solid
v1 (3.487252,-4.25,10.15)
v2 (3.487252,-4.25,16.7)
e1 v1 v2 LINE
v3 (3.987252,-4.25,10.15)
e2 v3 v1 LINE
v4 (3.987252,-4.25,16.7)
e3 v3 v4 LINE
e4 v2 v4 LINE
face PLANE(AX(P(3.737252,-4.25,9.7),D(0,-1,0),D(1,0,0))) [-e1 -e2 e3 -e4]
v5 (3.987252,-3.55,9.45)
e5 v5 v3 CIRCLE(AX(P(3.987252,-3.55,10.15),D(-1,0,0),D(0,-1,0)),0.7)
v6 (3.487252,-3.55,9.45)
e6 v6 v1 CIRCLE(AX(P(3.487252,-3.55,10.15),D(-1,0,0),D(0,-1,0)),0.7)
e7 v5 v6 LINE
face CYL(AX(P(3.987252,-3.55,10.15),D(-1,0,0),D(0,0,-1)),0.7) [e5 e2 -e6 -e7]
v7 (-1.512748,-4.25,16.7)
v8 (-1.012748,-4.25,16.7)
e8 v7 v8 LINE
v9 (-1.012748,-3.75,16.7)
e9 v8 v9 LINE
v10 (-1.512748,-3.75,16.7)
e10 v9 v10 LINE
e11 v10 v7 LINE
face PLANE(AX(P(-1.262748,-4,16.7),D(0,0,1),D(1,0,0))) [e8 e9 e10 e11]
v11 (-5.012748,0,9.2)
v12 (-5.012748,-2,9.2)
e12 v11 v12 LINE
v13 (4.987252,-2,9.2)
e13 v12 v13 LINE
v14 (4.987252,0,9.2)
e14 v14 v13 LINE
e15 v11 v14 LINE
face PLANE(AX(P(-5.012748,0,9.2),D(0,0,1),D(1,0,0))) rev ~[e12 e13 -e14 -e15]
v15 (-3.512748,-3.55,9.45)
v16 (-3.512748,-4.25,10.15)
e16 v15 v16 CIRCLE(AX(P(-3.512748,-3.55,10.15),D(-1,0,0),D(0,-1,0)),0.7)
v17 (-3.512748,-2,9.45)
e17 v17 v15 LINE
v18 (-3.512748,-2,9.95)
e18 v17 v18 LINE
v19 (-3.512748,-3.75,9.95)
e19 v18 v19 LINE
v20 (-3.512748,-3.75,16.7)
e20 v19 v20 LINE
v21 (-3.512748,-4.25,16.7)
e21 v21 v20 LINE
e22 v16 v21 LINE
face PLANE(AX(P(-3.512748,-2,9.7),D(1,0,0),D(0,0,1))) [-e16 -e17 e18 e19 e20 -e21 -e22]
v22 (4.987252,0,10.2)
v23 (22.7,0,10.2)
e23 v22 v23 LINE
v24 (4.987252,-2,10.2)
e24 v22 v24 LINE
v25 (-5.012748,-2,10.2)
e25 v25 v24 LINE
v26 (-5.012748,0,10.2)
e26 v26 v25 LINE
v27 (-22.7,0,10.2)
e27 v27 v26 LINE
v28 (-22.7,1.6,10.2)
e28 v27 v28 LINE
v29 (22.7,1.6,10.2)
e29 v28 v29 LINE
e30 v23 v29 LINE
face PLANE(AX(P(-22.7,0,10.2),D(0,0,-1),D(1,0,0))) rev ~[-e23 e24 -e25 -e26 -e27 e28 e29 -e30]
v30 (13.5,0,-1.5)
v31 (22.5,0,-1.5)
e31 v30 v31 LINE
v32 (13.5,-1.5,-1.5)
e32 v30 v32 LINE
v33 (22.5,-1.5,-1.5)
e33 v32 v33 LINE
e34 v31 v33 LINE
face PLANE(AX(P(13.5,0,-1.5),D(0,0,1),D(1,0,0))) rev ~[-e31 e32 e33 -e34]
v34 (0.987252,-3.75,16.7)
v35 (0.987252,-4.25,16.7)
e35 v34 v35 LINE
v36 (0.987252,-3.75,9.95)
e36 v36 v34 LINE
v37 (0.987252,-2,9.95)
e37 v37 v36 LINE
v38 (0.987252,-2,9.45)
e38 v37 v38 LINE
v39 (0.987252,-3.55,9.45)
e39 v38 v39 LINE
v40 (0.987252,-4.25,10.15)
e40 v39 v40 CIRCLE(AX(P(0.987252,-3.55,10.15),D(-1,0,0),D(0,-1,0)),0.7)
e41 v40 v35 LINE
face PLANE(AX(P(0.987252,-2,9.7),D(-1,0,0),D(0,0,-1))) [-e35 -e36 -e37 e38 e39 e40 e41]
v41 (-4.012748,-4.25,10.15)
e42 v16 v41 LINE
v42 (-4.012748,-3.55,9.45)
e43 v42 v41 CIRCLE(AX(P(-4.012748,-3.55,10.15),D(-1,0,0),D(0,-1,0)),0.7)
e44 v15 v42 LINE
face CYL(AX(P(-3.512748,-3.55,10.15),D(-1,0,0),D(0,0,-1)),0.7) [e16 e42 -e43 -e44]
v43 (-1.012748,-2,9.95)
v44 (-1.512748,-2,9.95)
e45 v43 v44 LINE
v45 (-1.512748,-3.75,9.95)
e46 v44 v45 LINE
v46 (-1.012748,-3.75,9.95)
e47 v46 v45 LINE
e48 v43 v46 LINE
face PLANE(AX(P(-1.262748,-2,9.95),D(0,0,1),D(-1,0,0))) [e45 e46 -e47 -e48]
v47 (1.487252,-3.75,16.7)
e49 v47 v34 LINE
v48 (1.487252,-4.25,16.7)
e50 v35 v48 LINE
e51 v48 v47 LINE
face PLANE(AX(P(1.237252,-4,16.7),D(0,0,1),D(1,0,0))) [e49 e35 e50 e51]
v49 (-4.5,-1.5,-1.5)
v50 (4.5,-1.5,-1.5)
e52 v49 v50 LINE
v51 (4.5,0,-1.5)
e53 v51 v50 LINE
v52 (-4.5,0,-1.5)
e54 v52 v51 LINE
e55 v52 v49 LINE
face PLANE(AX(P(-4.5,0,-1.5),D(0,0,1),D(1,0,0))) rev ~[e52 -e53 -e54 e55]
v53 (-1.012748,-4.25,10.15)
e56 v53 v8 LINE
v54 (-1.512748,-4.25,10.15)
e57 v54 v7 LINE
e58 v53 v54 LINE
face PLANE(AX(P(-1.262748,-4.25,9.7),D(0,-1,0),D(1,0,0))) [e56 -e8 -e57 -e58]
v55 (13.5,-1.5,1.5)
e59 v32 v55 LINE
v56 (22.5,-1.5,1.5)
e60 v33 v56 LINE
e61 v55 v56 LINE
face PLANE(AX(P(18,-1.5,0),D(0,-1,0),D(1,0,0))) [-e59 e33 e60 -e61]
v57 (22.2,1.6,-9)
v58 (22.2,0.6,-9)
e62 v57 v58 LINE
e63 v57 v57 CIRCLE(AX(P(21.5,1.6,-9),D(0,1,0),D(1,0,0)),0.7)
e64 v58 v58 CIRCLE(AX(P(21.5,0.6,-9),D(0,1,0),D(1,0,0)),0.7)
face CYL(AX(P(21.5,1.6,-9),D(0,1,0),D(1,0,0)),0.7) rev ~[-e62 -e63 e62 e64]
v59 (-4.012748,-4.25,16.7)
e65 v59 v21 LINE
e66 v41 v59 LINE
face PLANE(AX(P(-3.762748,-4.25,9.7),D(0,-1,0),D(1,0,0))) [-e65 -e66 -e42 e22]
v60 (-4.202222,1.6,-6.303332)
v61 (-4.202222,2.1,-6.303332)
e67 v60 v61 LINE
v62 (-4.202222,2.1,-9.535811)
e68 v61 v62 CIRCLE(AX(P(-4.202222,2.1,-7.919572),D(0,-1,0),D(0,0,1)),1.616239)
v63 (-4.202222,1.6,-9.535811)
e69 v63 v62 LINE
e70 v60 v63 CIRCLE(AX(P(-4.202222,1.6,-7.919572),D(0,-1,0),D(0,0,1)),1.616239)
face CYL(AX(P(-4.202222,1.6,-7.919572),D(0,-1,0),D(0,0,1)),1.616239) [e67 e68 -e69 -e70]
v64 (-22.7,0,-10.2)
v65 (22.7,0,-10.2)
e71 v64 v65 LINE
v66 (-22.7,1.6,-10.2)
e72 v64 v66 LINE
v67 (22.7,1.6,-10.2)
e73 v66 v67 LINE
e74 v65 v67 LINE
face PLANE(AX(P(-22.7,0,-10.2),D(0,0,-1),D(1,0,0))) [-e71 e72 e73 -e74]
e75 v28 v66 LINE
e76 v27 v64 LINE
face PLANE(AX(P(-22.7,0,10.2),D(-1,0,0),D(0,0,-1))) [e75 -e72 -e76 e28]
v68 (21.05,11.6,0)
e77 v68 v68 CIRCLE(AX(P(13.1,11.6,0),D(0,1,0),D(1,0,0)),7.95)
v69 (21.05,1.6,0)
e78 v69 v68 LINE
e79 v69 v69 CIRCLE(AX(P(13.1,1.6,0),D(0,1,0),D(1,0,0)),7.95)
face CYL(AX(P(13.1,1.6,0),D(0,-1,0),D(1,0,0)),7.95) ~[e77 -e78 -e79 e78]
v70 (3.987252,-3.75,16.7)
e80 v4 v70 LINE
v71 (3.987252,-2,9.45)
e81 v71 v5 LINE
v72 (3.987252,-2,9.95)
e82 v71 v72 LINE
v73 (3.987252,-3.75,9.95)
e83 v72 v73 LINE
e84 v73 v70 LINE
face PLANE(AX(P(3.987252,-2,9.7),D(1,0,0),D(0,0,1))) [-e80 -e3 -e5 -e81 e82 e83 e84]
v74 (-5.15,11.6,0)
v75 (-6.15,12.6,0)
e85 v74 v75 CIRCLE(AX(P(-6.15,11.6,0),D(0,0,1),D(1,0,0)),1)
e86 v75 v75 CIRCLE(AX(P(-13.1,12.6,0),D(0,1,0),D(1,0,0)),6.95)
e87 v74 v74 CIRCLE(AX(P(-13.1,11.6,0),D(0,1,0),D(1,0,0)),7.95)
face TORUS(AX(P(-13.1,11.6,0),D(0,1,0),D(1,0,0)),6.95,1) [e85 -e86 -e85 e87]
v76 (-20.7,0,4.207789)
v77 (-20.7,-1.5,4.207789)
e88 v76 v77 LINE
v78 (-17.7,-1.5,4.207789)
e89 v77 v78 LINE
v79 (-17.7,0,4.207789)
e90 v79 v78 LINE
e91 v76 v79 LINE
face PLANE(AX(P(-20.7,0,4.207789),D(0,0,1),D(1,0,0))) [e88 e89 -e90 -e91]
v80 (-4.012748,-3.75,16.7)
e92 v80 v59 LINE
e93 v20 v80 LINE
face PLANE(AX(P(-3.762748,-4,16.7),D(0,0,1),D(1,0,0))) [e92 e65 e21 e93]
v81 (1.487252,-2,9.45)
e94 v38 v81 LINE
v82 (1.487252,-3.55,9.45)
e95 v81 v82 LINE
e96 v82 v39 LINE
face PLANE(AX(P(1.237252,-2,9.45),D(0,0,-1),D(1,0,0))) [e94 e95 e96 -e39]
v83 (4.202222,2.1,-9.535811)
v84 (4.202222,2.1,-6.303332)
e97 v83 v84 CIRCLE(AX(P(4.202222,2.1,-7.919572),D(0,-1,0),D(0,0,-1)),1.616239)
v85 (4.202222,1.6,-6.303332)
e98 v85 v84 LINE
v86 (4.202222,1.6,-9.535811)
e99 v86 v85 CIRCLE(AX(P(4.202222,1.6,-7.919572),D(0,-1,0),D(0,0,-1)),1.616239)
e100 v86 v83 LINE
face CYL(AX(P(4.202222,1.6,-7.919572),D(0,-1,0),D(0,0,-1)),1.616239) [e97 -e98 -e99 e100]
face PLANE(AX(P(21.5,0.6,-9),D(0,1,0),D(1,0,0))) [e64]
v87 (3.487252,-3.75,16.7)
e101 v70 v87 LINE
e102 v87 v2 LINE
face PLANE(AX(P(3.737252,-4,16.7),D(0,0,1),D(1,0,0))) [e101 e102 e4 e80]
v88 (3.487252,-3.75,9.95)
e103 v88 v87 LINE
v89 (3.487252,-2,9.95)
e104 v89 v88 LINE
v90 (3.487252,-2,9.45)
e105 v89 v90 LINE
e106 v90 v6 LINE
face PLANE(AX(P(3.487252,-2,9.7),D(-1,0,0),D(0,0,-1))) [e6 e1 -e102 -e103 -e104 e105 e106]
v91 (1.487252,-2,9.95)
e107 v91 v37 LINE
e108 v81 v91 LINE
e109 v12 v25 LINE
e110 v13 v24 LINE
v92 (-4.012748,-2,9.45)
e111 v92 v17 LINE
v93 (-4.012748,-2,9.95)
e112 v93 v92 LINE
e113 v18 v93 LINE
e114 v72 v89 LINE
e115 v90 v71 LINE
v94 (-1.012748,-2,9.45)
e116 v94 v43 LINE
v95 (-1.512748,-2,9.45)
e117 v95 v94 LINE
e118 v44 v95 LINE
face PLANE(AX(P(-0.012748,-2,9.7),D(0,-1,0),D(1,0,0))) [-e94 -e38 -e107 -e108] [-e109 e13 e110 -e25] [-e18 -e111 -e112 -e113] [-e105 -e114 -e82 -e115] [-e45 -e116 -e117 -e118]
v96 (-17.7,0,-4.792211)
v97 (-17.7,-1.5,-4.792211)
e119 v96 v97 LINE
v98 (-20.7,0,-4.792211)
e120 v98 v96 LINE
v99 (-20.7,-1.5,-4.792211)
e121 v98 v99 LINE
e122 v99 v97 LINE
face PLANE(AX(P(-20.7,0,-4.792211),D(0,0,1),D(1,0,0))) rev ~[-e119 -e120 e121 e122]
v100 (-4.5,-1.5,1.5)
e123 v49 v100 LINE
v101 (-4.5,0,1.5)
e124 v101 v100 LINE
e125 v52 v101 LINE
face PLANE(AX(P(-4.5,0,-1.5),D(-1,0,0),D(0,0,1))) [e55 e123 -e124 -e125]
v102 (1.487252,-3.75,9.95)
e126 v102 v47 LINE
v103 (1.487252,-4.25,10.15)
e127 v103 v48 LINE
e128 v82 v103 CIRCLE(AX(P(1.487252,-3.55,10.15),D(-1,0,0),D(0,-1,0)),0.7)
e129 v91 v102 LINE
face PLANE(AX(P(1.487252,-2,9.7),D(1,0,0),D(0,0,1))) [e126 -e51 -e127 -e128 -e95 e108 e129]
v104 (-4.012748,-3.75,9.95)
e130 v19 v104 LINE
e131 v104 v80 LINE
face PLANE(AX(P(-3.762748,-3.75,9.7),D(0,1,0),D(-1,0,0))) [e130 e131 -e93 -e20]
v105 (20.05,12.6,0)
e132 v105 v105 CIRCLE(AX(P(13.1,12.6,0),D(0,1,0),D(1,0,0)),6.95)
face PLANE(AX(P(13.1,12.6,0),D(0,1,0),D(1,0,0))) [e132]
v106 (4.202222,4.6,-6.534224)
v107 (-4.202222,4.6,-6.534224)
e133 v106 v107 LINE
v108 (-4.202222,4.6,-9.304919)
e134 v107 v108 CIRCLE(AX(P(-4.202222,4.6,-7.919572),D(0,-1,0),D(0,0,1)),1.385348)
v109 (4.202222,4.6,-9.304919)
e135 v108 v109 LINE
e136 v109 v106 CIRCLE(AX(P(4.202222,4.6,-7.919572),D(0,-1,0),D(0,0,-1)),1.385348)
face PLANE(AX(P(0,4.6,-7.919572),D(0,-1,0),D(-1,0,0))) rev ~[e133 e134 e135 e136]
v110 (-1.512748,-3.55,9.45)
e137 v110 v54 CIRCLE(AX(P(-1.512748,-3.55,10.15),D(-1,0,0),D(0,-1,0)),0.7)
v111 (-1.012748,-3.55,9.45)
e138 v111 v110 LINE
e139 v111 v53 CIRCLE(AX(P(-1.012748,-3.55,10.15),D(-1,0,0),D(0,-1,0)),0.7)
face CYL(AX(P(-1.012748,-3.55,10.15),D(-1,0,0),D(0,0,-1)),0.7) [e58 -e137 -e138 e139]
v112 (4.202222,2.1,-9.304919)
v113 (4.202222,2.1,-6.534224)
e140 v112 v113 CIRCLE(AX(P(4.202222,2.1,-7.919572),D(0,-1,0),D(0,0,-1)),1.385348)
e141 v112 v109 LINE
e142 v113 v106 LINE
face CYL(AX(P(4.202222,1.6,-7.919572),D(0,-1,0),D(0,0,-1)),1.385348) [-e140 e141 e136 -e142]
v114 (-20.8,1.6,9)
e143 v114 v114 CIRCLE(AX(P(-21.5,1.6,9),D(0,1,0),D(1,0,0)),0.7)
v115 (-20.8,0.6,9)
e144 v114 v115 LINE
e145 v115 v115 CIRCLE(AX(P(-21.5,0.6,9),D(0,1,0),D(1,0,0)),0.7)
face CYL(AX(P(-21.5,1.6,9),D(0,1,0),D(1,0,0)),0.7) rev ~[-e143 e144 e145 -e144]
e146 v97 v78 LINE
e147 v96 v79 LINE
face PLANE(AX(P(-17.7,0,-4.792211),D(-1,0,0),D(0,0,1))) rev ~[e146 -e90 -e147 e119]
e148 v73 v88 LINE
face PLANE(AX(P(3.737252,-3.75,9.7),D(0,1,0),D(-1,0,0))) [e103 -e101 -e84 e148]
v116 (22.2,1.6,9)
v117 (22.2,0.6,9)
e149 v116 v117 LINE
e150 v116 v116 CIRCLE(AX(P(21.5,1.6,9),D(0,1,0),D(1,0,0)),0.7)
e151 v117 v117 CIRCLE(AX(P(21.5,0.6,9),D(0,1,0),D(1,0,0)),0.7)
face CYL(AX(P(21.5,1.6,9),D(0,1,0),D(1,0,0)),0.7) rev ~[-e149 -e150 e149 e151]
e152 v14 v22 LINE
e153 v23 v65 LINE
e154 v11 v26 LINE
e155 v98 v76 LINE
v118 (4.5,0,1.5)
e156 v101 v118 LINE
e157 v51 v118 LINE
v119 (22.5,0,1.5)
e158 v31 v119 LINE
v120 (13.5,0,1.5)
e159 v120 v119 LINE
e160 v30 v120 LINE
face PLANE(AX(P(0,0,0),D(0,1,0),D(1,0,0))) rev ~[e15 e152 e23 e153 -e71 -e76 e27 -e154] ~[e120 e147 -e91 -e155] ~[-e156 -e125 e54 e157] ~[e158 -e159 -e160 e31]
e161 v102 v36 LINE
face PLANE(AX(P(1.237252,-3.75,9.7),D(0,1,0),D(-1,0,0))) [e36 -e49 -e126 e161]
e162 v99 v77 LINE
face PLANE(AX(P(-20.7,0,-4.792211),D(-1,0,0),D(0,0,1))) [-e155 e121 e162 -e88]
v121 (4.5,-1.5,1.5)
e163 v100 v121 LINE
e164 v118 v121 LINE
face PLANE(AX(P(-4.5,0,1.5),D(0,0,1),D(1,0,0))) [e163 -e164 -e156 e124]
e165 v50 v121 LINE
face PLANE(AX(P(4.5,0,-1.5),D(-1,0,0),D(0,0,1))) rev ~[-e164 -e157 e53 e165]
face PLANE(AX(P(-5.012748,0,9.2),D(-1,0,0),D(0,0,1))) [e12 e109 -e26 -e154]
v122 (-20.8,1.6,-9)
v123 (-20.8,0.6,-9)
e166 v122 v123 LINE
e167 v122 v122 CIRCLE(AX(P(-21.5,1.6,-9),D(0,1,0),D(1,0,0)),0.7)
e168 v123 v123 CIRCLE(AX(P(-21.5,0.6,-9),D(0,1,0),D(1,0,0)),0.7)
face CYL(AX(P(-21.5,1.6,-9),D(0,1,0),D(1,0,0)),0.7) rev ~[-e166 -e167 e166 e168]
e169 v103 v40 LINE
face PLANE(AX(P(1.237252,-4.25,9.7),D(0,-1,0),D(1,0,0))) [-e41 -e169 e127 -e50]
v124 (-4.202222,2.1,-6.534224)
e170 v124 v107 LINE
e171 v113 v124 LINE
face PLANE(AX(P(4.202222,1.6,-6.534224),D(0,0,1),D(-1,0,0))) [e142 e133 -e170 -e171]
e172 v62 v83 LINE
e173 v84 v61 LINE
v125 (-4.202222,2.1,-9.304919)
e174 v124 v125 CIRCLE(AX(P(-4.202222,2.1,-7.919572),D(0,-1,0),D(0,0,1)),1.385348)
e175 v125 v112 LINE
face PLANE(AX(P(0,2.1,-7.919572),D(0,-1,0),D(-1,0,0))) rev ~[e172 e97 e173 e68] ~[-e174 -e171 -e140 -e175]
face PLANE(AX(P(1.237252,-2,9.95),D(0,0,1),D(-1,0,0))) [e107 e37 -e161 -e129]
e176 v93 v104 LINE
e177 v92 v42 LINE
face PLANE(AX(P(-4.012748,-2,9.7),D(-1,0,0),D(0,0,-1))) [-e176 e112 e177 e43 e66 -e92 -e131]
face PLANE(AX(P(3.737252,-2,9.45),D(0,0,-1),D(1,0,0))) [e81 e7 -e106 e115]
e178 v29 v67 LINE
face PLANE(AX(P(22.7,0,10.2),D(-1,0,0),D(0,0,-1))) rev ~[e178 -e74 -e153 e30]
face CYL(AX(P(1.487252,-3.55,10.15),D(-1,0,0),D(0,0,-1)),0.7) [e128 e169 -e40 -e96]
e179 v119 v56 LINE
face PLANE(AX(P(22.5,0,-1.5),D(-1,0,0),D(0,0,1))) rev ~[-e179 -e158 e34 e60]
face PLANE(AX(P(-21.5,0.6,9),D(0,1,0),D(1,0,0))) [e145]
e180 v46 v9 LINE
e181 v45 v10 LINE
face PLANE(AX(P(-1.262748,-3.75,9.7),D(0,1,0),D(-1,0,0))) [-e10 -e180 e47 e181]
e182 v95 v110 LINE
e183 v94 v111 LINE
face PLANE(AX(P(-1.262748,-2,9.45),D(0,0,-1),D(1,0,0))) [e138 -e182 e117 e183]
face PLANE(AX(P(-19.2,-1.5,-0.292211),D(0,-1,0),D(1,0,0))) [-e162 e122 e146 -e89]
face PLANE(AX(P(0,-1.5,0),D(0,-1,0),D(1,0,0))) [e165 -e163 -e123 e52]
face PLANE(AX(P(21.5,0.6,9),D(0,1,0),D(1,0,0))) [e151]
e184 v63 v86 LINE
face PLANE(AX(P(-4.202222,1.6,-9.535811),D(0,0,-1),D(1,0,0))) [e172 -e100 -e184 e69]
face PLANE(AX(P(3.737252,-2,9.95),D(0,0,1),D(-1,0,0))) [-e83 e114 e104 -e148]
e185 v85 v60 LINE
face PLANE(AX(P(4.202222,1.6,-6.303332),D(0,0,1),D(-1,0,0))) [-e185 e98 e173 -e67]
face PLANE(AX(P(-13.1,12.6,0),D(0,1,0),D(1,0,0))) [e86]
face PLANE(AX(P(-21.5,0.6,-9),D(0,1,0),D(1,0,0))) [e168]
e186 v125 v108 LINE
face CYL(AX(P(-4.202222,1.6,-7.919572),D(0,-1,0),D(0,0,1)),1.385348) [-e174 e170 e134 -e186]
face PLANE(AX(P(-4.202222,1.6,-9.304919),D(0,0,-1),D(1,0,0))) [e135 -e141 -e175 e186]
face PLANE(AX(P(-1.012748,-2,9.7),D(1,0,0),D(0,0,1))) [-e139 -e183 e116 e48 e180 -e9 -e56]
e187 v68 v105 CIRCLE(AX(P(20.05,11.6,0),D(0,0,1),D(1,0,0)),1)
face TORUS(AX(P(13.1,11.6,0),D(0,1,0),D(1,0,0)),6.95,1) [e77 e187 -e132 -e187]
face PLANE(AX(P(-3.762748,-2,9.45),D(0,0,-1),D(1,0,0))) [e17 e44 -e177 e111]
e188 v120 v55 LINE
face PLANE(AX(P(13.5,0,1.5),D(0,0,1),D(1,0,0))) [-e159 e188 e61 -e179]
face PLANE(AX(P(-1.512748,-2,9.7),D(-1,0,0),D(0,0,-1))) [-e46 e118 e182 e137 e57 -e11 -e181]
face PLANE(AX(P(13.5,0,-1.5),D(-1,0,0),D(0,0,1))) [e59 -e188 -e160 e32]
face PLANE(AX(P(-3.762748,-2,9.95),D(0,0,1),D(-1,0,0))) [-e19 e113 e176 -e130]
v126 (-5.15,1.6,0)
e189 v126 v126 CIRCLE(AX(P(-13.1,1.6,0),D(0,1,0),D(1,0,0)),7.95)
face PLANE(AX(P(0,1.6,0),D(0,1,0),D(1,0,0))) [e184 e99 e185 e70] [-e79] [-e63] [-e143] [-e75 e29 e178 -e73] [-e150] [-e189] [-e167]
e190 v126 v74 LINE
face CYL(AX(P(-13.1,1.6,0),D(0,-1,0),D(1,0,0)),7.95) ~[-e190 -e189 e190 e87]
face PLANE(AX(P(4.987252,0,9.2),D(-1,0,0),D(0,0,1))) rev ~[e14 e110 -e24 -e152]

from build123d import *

# Parameters (mm, degrees)
CROQUIS1_W              = 45.4
CROQUIS1_H              = 20.4
SALIENTE_EXTRUIR1_DEPTH = 1.6
CROQUIS2_R              = 0.7
CORTAR_EXTRUIR1_DEPTH   = 1
SALIENTE_EXTRUIR2_DEPTH = 0.5
SALIENTE_EXTRUIR3_DEPTH = 3
CROQUIS9_R              = 7.95
SALIENTE_EXTRUIR4_DEPTH = 11
CROQUIS10_W             = 10
CROQUIS10_H             = 1
SALIENTE_EXTRUIR5_DEPTH = 2
CROQUIS12_W             = 0.5
CROQUIS12_H             = 0.5
REDONDEO4_R             = 0.7
MATRIZL1_COUNT          = 4
MATRIZL1_PITCH          = 2.5
REDONDEO5_R             = 1
CROQUIS13_W             = 9
CROQUIS13_H             = 3
SALIENTE_EXTRUIR6_DEPTH = 1.5
MATRIZL2_COUNT          = 2
MATRIZL2_PITCH          = 18
CROQUIS14_W             = 3
CROQUIS14_H             = 9
SALIENTE_EXTRUIR7_DEPTH = 1.5
REDONDEO6_R             = 0.7


with BuildPart() as part:
    # Croquis1 → Saliente-Extruir1 (new body)
    with BuildSketch(Plane(origin=(0, 0, 0), x_dir=(1, 0, 0), z_dir=(0, 1, 0))):
        Rectangle(CROQUIS1_W, CROQUIS1_H)
    extrude(amount=SALIENTE_EXTRUIR1_DEPTH)

    # Croquis2 → Cortar-Extruir1 (cut)
    with BuildSketch(Plane(origin=(0, 1.6, 0), x_dir=(1, 0, 0), z_dir=(0, 1, 0))):
        with Locations((-21.5, 9)):
            Circle(CROQUIS2_R)
        with Locations((21.5, 9)):
            Circle(CROQUIS2_R)
        with Locations((21.5, -9)):
            Circle(CROQUIS2_R)
        with Locations((-21.5, -9)):
            Circle(CROQUIS2_R)
    extrude(amount=-CORTAR_EXTRUIR1_DEPTH, mode=Mode.SUBTRACT)

    # Croquis3 → Saliente-Extruir2 (add)
    with BuildSketch(Plane(origin=(0, 1.6, 0), x_dir=(1, 0, 0), z_dir=(0, 1, 0))):
        with BuildLine():
            Line((-4.202221616, 9.535810589), (4.202221616, 9.535810589))
            ThreePointArc((4.202221616, 9.535810589), (5.818460699, 7.919571506), (4.202221616, 6.303332424))
            Line((4.202221616, 6.303332424), (-4.202221616, 6.303332424))
            ThreePointArc((-4.202221616, 6.303332424), (-5.818460699, 7.919571506), (-4.202221616, 9.535810589))
        make_face()
        with BuildLine():
            Line((-4.202221616, 9.304919292), (4.202221616, 9.304919292))
            ThreePointArc((4.202221616, 9.304919292), (5.587569401, 7.919571506), (4.202221616, 6.534223721))
            Line((4.202221616, 6.534223721), (-4.202221616, 6.534223721))
            ThreePointArc((-4.202221616, 6.534223721), (-5.587569401, 7.919571506), (-4.202221616, 9.304919292))
        make_face(mode=Mode.SUBTRACT)
    extrude(amount=SALIENTE_EXTRUIR2_DEPTH)

    # Croquis8 → Saliente-Extruir3 (add)
    with BuildSketch(Plane(origin=(0, 1.6, 0), x_dir=(1, 0, 0), z_dir=(0, 1, 0))):
        with BuildLine():
            Line((-4.202221616, 9.304919292), (4.202221616, 9.304919292))
            ThreePointArc((4.202221616, 9.304919292), (5.587569401, 7.919571506), (4.202221616, 6.534223721))
            Line((4.202221616, 6.534223721), (-4.202221616, 6.534223721))
            ThreePointArc((-4.202221616, 6.534223721), (-5.587569401, 7.919571506), (-4.202221616, 9.304919292))
        make_face()
    extrude(amount=SALIENTE_EXTRUIR3_DEPTH)

    # Croquis9 → Saliente-Extruir4 (add)
    with BuildSketch(Plane(origin=(0, 1.6, 0), x_dir=(1, 0, 0), z_dir=(0, 1, 0))):
        with Locations((-13.1, 0)):
            Circle(CROQUIS9_R)
        with Locations((13.1, 0)):
            Circle(CROQUIS9_R)
    extrude(amount=SALIENTE_EXTRUIR4_DEPTH)

    # Croquis10 → Saliente-Extruir5 (add)
    with BuildSketch(Plane.XZ):
        with Locations((-0.012747973, 9.7)):
            Rectangle(CROQUIS10_W, CROQUIS10_H)
    extrude(amount=SALIENTE_EXTRUIR5_DEPTH)

    # Barrer1: sweep along a curve in space
    with BuildLine() as barrer1_path:
        Line((-3.762747973, -2, 9.7), (-3.762747973, -4, 9.7))
        Line((-3.762747973, -4, 9.7), (-3.762747973, -4, 16.7))
    # Croquis12 → Barrer1 (sweep)
    with BuildSketch(Plane.XZ.offset(2)):
        with Locations((-3.762747973, 9.7)):
            Rectangle(CROQUIS12_W, CROQUIS12_H)
    barrer1 = sweep(path=barrer1_path.line, transition=Transition.RIGHT)

    # Redondeo4
    redondeo4_edges = [part.edges().sort_by_distance(p)[0] for p in [
        (-3.762747973, -4.25, 9.45),
    ]]
    fillet(redondeo4_edges, radius=REDONDEO4_R)

    # MatrizL1: Barrer1 ×4
    with Locations(*[(i * MATRIZL1_PITCH, 0, 0) for i in range(1, MATRIZL1_COUNT)]):
        add(barrer1)

    # Redondeo5
    redondeo5_edges = [part.edges().sort_by_distance(p)[0] for p in [
        (-21.05, 12.6, 0),
        (5.15, 12.6, 0),
    ]]
    fillet(redondeo5_edges, radius=REDONDEO5_R)

    # Croquis13 → Saliente-Extruir6 (add)
    with BuildSketch(Plane.XZ):
        Rectangle(CROQUIS13_W, CROQUIS13_H)
    saliente_extruir6 = extrude(amount=SALIENTE_EXTRUIR6_DEPTH)

    # MatrizL2: Saliente-Extruir6 ×2
    with Locations(*[(i * MATRIZL2_PITCH, 0, 0) for i in range(1, MATRIZL2_COUNT)]):
        add(saliente_extruir6)

    # Croquis14 → Saliente-Extruir7 (add)
    with BuildSketch(Plane.XZ):
        with Locations((-19.2, -0.292211089)):
            Rectangle(CROQUIS14_W, CROQUIS14_H)
    extrude(amount=SALIENTE_EXTRUIR7_DEPTH)

    # Redondeo6
    redondeo6_edges = [part.edges().sort_by_distance(p)[0] for p in [
        (-1.262747973, -4.25, 9.45),
        (1.237252027, -4.25, 9.45),
        (3.737252027, -4.25, 9.45),
    ]]
    fillet(redondeo6_edges, radius=REDONDEO6_R)


solid = part.part
